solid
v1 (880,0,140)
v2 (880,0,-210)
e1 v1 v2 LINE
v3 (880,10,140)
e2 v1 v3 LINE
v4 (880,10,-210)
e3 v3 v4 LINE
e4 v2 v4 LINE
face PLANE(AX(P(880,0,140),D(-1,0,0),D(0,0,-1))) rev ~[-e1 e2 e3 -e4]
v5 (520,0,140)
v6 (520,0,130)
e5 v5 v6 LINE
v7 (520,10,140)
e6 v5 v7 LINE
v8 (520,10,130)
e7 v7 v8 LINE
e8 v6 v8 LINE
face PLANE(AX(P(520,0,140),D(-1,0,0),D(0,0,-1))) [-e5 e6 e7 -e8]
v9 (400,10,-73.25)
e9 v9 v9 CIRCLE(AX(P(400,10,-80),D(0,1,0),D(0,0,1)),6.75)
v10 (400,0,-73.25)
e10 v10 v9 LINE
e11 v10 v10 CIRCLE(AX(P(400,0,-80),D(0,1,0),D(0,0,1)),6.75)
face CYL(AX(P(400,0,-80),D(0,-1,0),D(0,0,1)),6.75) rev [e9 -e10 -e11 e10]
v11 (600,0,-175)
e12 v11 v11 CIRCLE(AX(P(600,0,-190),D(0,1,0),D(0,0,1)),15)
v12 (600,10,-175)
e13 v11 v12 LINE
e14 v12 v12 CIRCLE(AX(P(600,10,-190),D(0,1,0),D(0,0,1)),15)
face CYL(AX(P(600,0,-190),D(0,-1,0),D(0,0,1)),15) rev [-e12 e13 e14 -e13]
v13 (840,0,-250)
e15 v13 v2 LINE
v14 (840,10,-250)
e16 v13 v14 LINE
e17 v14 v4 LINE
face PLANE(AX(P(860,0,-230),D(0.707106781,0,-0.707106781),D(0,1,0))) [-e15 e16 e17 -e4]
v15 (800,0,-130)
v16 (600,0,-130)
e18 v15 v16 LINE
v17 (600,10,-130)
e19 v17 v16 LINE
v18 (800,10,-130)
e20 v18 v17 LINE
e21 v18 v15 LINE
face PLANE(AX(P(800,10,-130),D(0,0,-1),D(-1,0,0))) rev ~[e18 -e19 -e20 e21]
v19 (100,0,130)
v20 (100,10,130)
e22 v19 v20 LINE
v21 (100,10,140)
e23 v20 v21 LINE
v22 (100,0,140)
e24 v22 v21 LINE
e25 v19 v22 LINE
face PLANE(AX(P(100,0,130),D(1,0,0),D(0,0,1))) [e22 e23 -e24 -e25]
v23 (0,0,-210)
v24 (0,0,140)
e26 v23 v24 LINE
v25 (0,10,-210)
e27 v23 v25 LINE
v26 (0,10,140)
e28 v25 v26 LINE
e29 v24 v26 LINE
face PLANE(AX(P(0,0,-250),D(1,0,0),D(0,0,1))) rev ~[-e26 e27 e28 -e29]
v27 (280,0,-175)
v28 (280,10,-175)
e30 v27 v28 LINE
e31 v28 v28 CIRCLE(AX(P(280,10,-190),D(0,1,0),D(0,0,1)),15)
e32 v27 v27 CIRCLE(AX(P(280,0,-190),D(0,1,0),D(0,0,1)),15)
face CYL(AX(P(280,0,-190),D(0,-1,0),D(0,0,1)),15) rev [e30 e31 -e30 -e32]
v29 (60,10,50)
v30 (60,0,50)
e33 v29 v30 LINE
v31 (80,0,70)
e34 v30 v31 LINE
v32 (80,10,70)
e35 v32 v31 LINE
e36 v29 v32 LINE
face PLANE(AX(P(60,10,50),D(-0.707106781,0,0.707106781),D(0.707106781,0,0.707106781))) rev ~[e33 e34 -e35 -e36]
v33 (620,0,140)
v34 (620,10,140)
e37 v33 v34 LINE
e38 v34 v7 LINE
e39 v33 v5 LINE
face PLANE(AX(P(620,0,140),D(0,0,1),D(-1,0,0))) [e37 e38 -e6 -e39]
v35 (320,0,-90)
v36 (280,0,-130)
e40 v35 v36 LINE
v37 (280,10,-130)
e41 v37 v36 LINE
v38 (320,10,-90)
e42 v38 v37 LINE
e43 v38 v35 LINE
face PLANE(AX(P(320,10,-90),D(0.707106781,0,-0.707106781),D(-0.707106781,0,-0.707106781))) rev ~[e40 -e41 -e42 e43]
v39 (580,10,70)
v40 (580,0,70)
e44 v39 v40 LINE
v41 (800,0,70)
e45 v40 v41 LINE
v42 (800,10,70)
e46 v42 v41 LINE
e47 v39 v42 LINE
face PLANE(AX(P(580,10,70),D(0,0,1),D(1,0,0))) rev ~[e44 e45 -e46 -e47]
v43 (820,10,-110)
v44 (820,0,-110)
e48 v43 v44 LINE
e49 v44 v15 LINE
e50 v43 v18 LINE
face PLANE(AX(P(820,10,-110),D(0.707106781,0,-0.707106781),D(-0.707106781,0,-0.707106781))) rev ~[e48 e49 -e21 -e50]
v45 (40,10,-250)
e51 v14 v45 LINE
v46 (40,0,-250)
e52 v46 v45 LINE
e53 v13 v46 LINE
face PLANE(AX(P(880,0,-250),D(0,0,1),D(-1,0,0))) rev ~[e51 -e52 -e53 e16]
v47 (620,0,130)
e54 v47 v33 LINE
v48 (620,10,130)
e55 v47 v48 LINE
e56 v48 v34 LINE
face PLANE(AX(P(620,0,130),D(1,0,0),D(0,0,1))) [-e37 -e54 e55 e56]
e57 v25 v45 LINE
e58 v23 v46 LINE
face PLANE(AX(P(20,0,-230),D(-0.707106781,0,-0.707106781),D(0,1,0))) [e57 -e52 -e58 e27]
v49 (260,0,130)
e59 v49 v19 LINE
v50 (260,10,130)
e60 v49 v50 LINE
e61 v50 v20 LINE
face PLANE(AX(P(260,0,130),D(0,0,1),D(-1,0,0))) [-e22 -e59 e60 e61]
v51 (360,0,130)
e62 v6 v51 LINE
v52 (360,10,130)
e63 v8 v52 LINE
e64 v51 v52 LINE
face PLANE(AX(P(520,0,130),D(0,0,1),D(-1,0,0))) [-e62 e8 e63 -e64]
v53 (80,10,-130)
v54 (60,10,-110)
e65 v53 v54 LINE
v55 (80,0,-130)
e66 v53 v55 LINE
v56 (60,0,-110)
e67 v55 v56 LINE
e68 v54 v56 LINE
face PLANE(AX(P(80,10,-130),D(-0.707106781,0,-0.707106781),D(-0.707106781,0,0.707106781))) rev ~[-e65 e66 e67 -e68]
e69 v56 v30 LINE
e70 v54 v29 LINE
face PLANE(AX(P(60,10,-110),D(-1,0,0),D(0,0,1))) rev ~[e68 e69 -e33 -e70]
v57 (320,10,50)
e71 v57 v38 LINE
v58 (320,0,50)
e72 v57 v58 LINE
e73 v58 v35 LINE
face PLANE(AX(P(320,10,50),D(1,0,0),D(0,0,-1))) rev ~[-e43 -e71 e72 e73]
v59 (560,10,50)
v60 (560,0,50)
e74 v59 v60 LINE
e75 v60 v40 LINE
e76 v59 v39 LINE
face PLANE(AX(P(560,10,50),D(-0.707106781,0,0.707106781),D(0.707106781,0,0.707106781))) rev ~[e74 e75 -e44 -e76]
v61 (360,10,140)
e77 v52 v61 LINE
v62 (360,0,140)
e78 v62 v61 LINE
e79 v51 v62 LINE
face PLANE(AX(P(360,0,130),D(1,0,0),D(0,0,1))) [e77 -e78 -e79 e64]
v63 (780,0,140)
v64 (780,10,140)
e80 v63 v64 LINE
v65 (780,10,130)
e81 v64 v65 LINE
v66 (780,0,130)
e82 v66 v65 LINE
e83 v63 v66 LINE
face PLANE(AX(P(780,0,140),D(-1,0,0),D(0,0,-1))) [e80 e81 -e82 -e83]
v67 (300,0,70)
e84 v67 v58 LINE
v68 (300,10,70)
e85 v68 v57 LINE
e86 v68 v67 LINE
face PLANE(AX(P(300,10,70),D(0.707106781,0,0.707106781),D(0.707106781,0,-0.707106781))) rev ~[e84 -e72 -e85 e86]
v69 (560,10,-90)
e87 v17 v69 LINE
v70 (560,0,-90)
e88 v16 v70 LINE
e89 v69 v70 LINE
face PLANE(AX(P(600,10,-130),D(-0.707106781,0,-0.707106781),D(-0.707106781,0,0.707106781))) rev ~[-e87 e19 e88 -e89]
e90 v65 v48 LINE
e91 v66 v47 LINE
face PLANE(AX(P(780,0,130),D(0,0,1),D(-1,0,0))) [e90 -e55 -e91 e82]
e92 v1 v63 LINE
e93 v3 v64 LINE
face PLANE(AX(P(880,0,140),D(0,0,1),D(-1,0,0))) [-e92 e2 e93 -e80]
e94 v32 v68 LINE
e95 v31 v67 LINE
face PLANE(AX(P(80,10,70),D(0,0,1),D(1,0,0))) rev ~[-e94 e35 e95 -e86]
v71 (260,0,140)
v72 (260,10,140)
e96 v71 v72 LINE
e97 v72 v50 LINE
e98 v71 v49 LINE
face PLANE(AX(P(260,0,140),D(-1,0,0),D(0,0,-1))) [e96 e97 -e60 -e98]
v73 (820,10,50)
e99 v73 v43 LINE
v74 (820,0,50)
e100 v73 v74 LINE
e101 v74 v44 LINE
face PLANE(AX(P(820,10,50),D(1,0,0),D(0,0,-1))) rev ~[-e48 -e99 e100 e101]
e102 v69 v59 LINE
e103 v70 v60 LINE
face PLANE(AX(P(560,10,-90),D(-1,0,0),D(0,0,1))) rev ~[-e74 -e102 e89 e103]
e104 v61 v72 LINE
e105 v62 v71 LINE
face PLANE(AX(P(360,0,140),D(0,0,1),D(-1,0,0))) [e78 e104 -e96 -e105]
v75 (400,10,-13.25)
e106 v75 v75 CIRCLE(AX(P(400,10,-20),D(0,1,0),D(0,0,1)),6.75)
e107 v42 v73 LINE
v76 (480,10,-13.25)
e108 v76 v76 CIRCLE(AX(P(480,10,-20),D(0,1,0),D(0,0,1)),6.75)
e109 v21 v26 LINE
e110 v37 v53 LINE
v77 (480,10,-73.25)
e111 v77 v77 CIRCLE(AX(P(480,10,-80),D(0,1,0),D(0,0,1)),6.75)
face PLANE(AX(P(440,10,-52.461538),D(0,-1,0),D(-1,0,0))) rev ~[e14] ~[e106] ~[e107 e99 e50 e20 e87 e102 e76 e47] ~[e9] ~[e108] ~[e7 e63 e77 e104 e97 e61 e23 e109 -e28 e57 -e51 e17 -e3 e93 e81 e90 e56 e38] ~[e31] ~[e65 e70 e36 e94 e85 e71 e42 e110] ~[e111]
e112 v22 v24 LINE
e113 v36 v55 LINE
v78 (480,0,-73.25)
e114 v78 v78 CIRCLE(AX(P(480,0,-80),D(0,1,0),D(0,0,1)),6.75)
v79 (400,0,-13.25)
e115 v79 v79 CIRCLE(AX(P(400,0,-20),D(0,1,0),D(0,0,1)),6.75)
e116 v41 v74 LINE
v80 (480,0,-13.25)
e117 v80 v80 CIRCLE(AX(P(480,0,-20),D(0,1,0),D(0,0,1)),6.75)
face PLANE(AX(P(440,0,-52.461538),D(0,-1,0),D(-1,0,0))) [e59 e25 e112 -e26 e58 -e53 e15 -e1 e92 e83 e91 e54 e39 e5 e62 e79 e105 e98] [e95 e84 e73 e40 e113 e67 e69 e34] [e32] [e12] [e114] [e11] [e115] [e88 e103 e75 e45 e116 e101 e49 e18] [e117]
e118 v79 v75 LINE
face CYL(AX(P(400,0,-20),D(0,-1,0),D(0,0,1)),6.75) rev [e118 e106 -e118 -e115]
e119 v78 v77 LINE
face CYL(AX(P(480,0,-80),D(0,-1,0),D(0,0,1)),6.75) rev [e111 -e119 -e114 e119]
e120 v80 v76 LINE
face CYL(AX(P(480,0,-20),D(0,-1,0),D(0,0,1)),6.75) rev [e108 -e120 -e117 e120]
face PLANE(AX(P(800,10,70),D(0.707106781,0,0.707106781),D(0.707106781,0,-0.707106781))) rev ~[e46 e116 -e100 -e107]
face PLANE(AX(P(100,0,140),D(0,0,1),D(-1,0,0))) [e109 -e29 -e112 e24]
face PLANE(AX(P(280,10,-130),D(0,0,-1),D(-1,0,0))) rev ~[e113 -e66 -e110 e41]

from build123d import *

# Parameters (mm, degrees)
ESQUISSE1_R             = 6.75
ESQUISSE1_R_2           = 15
BOSS_EXTRU_1_DEPTH      = 10
ENL_V_MAT_EXTRU_1_DEPTH = 10
CHANFREIN1_SIZE         = 40


with BuildPart() as part:
    # Esquisse1 → Boss.-Extru.1 (new body)
    with BuildSketch(Plane(origin=(0, 0, 0), x_dir=(1, 0, 0), z_dir=(0, 1, 0))):
        Polygon((0, 0), (0, 250), (240, 250), (320, 250), (560, 250), (640, 250), (880, 250), (880, 0), (880, -140), (780, -140), (780, -130), (620, -130), (620, -140), (520, -140), (520, -130), (360, -130), (360, -140), (260, -140), (260, -130), (100, -130), (100, -140), (0, -140), align=None)
        with Locations(Location((480, 20, 0), (0, 0, 270))):
            Circle(ESQUISSE1_R, mode=Mode.SUBTRACT)
        with Locations(Location((400, 20, 0), (0, 0, 270))):
            Circle(ESQUISSE1_R, mode=Mode.SUBTRACT)
        with Locations(Location((400, 80, 0), (0, 0, 270))):
            Circle(ESQUISSE1_R, mode=Mode.SUBTRACT)
        with Locations(Location((480, 80, 0), (0, 0, 270))):
            Circle(ESQUISSE1_R, mode=Mode.SUBTRACT)
        with Locations(Location((280, 190, 0), (0, 0, 270))):
            Circle(ESQUISSE1_R_2, mode=Mode.SUBTRACT)
        with Locations(Location((600, 190, 0), (0, 0, 270))):
            Circle(ESQUISSE1_R_2, mode=Mode.SUBTRACT)
    extrude(amount=BOSS_EXTRU_1_DEPTH)

    # Esquisse2 → Enlèv. mat.-Extru.1 (cut)
    with BuildSketch(Plane(origin=(0, 10, 0), x_dir=(1, 0, 0), z_dir=(0, 1, 0))):
        Polygon((800, 130), (600, 130), (560, 90), (560, -50), (580, -70), (800, -70), (820, -50), (820, 110), align=None)
        Polygon((80, 130), (60, 110), (60, -50), (80, -70), (300, -70), (320, -50), (320, 90), (280, 130), align=None)
    extrude(amount=-ENL_V_MAT_EXTRU_1_DEPTH, mode=Mode.SUBTRACT)

    # Chanfrein1
    chanfrein1_edges = [part.edges().sort_by_distance(p)[0] for p in [
        (0, 5, -250),
        (880, 5, -250),
    ]]
    chamfer(chanfrein1_edges, length=CHANFREIN1_SIZE)


solid = part.part
